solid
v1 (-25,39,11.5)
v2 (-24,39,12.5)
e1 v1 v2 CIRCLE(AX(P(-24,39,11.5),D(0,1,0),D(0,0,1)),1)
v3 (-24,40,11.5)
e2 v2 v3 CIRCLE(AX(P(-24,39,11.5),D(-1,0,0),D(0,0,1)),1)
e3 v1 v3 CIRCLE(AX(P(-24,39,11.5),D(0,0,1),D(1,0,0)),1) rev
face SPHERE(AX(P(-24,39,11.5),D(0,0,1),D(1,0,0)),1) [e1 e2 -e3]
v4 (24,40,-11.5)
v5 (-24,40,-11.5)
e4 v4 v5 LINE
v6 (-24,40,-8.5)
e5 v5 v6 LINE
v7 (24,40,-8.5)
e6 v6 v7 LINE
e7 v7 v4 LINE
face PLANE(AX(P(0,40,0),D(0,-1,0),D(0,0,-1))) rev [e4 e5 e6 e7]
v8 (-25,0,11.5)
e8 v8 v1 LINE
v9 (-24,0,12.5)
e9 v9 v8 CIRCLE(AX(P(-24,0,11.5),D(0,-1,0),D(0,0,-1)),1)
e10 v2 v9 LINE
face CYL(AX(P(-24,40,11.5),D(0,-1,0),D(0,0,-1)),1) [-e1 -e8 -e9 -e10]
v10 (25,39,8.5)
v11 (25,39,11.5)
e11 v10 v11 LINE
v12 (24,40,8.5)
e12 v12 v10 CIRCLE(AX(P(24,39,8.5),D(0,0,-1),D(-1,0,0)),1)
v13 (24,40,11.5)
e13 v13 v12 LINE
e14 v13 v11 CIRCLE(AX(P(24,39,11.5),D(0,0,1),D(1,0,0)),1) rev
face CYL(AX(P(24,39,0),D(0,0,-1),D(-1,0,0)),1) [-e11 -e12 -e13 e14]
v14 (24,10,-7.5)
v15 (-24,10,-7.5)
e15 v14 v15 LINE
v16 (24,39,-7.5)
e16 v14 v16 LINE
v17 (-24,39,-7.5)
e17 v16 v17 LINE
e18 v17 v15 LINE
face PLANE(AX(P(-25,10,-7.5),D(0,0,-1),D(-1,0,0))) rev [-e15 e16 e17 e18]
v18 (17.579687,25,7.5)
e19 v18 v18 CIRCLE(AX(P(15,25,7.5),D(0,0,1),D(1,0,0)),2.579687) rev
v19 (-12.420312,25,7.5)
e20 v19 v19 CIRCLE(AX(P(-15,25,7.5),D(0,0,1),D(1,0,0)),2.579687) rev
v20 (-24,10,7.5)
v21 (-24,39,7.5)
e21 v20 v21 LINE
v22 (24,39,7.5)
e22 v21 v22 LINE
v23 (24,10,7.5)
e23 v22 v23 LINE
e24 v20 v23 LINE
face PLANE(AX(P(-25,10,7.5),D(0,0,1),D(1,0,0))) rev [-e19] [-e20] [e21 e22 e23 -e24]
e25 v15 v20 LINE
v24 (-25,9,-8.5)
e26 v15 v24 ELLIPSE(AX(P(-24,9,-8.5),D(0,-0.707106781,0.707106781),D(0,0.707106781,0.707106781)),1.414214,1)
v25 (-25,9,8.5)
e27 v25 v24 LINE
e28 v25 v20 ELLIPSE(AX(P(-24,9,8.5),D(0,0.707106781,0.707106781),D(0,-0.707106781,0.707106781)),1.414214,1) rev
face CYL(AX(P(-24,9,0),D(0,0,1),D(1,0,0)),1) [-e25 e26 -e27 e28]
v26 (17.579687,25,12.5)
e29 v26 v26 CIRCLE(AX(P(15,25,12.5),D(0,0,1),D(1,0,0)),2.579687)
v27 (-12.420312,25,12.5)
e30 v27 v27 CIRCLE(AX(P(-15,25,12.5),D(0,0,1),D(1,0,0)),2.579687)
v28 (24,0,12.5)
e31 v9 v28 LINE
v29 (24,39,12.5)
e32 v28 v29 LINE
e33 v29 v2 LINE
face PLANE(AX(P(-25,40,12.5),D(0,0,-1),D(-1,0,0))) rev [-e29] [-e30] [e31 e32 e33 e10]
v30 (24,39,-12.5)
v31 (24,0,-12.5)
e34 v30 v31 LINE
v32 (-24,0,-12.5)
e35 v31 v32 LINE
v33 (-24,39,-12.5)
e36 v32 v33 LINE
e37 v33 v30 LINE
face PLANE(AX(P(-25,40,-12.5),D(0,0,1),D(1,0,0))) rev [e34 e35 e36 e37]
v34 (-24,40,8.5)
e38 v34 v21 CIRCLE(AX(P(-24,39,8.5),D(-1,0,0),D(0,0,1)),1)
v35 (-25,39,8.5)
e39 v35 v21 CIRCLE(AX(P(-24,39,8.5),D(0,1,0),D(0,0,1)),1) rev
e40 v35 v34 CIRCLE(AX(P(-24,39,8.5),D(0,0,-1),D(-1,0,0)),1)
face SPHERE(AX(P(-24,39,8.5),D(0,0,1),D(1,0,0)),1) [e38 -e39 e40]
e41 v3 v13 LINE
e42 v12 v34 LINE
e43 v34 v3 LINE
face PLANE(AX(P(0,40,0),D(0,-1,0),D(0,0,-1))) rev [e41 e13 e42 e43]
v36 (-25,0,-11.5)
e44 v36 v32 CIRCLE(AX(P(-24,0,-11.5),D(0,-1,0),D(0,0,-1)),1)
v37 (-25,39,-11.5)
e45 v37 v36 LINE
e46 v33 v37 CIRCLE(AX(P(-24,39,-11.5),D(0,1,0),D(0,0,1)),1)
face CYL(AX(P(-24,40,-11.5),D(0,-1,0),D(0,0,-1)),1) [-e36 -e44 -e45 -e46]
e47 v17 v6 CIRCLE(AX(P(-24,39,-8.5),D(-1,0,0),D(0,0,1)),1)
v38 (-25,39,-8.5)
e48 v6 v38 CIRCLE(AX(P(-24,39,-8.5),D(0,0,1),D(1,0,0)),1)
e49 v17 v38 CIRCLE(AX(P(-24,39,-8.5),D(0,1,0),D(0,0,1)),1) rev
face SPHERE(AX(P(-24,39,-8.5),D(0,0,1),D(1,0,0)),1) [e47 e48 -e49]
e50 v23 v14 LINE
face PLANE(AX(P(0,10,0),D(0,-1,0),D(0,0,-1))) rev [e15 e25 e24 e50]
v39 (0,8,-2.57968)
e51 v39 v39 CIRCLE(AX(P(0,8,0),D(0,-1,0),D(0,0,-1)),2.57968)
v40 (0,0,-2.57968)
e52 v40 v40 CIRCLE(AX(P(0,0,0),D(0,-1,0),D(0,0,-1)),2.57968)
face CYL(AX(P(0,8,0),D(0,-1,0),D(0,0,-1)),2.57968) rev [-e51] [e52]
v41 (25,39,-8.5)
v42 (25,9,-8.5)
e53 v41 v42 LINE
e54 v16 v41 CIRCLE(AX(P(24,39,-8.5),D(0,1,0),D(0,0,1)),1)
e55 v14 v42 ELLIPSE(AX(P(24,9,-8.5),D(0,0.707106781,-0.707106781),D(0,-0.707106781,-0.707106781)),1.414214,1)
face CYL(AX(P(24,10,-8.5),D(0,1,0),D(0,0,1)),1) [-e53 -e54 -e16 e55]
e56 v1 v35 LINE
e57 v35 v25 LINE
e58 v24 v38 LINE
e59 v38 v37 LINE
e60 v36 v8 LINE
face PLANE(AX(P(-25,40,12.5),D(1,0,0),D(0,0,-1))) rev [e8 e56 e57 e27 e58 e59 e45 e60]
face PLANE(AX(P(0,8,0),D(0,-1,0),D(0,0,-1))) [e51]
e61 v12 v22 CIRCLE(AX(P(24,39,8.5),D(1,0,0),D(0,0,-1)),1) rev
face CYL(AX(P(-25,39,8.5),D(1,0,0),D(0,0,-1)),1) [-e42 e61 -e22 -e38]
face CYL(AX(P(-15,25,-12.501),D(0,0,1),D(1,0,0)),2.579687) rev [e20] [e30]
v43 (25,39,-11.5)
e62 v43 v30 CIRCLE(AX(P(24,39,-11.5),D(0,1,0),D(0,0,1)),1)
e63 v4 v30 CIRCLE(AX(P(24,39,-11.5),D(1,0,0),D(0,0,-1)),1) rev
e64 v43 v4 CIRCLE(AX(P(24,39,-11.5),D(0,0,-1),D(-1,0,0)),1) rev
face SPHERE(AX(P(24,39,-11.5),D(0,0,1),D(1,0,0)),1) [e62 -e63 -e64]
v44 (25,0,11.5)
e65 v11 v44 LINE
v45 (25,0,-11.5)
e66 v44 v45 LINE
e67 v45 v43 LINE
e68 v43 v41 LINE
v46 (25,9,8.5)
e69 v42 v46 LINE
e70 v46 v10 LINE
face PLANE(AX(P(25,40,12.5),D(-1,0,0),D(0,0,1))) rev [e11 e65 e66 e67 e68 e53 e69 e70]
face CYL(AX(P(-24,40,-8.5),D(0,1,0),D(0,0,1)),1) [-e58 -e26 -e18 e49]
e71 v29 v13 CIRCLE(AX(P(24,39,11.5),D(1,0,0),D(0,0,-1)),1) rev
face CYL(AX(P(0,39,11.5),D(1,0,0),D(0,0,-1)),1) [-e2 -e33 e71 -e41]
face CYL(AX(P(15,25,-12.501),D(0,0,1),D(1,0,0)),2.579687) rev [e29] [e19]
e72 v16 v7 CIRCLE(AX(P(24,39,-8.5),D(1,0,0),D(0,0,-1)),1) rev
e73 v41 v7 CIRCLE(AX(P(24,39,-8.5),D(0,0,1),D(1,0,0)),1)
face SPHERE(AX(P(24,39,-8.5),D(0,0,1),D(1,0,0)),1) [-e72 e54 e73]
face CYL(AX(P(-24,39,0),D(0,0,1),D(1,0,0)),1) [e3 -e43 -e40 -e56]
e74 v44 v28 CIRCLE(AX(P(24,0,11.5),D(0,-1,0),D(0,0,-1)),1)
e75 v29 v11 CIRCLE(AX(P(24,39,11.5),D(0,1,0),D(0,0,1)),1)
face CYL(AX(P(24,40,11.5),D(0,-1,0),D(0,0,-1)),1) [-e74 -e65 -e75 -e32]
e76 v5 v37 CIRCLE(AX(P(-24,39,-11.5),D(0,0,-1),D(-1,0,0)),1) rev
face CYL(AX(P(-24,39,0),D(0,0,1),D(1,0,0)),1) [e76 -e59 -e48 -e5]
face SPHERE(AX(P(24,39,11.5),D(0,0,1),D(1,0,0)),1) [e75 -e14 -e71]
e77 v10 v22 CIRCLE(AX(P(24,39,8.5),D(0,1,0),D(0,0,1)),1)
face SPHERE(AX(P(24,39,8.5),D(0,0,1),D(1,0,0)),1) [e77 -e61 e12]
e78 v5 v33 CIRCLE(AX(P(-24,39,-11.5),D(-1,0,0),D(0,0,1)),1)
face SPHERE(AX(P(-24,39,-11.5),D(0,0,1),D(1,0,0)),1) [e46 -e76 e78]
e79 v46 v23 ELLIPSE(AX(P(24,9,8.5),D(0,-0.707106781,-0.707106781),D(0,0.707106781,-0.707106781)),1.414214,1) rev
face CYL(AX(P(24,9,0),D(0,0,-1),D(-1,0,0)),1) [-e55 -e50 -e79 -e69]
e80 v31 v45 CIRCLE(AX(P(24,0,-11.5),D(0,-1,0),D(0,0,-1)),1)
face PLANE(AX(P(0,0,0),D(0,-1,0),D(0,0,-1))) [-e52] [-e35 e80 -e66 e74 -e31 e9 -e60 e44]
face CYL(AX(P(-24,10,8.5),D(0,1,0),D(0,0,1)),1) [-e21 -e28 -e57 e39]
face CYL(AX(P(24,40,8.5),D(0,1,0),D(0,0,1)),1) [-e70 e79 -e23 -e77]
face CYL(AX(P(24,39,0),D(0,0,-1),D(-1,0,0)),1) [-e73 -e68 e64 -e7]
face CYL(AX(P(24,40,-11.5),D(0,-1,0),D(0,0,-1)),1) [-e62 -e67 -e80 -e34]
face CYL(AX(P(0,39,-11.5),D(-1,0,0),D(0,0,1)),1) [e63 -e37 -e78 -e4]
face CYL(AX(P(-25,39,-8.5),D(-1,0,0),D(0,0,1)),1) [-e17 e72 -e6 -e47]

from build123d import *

# Parameters (mm, degrees)
SKETCH1_W           = 50
SKETCH1_H           = 25
BOSS_EXTRUDE1_DEPTH = 40
SKETCH2_W           = 50
SKETCH2_H           = 15
CUT_EXTRUDE1_DEPTH  = 30
FILLET1_R           = 1
CUT_EXTRUDE2_REACH  = 55.385
SKETCH3_R           = 2.5796875
SKETCH3_R_2         = 2.579687
SKETCH4_R           = 2.57968
CUT_EXTRUDE3_DEPTH  = 8


with BuildPart() as part:
    # Sketch1 → Boss-Extrude1 (new body)
    with BuildSketch(Plane(origin=(0, 0, 0), x_dir=(1, 0, 0), z_dir=(0, 1, 0))):
        Rectangle(SKETCH1_W, SKETCH1_H)
    extrude(amount=BOSS_EXTRUDE1_DEPTH)

    # Sketch2 → Cut-Extrude1 (cut)
    with BuildSketch(Plane(origin=(0, 40, 0), x_dir=(1, 0, 0), z_dir=(0, 1, 0))):
        Rectangle(SKETCH2_W, SKETCH2_H)
    extrude(amount=-CUT_EXTRUDE1_DEPTH, mode=Mode.SUBTRACT)

    # Fillet1
    fillet1_edges = [part.edges().sort_by_distance(p)[0] for p in [
        (-25, 40, -10),
        (0, 40, 12.5),
        (25, 40, -10),
        (-25, 40, 10),
        (25, 10, 0),
        (25, 25, -7.5),
        (25, 25, 7.5),
        (-25, 10, 0),
        (-25, 25, 7.5),
        (-25, 25, -7.5),
        (0, 40, -7.5),
        (0, 40, 7.5),
        (25, 40, 10),
        (0, 40, -12.5),
        (25, 20, 12.5),
        (-25, 20, 12.5),
        (-25, 20, -12.5),
        (25, 20, -12.5),
    ]]
    fillet(fillet1_edges, radius=FILLET1_R)

    # Sketch3 → Cut-Extrude2 (cut, up to next)
    with BuildSketch(Plane.XY.offset(12.5), mode=Mode.PRIVATE) as cut_extrude2_sk1:
        with Locations((-15, 25)):
            Circle(SKETCH3_R)
    cut_extrude2_tool1 = extrude(cut_extrude2_sk1.sketch, amount=-CUT_EXTRUDE2_REACH, mode=Mode.PRIVATE) & part.part
    # Sketch3 → Cut-Extrude2 (cut, up to next)
    with BuildSketch(Plane.XY.offset(12.5), mode=Mode.PRIVATE) as cut_extrude2_sk2:
        with Locations((15, 25)):
            Circle(SKETCH3_R_2)
    cut_extrude2_tool2 = extrude(cut_extrude2_sk2.sketch, amount=-CUT_EXTRUDE2_REACH, mode=Mode.PRIVATE) & part.part
    add(cut_extrude2_tool1.solids().sort_by_distance((-15, 25, 12.5))[0], mode=Mode.SUBTRACT)
    add(cut_extrude2_tool2.solids().sort_by_distance((15, 25, 12.5))[0], mode=Mode.SUBTRACT)

    # Sketch4 → Cut-Extrude3 (cut)
    with BuildSketch(Plane(origin=(0, 0, 0), x_dir=(-1, 0, 0), z_dir=(0, -1, 0))):
        with Locations(Location((0, 0, 0), (0, 0, 90))):
            Circle(SKETCH4_R)
    extrude(amount=-CUT_EXTRUDE3_DEPTH, mode=Mode.SUBTRACT)


solid = part.part
